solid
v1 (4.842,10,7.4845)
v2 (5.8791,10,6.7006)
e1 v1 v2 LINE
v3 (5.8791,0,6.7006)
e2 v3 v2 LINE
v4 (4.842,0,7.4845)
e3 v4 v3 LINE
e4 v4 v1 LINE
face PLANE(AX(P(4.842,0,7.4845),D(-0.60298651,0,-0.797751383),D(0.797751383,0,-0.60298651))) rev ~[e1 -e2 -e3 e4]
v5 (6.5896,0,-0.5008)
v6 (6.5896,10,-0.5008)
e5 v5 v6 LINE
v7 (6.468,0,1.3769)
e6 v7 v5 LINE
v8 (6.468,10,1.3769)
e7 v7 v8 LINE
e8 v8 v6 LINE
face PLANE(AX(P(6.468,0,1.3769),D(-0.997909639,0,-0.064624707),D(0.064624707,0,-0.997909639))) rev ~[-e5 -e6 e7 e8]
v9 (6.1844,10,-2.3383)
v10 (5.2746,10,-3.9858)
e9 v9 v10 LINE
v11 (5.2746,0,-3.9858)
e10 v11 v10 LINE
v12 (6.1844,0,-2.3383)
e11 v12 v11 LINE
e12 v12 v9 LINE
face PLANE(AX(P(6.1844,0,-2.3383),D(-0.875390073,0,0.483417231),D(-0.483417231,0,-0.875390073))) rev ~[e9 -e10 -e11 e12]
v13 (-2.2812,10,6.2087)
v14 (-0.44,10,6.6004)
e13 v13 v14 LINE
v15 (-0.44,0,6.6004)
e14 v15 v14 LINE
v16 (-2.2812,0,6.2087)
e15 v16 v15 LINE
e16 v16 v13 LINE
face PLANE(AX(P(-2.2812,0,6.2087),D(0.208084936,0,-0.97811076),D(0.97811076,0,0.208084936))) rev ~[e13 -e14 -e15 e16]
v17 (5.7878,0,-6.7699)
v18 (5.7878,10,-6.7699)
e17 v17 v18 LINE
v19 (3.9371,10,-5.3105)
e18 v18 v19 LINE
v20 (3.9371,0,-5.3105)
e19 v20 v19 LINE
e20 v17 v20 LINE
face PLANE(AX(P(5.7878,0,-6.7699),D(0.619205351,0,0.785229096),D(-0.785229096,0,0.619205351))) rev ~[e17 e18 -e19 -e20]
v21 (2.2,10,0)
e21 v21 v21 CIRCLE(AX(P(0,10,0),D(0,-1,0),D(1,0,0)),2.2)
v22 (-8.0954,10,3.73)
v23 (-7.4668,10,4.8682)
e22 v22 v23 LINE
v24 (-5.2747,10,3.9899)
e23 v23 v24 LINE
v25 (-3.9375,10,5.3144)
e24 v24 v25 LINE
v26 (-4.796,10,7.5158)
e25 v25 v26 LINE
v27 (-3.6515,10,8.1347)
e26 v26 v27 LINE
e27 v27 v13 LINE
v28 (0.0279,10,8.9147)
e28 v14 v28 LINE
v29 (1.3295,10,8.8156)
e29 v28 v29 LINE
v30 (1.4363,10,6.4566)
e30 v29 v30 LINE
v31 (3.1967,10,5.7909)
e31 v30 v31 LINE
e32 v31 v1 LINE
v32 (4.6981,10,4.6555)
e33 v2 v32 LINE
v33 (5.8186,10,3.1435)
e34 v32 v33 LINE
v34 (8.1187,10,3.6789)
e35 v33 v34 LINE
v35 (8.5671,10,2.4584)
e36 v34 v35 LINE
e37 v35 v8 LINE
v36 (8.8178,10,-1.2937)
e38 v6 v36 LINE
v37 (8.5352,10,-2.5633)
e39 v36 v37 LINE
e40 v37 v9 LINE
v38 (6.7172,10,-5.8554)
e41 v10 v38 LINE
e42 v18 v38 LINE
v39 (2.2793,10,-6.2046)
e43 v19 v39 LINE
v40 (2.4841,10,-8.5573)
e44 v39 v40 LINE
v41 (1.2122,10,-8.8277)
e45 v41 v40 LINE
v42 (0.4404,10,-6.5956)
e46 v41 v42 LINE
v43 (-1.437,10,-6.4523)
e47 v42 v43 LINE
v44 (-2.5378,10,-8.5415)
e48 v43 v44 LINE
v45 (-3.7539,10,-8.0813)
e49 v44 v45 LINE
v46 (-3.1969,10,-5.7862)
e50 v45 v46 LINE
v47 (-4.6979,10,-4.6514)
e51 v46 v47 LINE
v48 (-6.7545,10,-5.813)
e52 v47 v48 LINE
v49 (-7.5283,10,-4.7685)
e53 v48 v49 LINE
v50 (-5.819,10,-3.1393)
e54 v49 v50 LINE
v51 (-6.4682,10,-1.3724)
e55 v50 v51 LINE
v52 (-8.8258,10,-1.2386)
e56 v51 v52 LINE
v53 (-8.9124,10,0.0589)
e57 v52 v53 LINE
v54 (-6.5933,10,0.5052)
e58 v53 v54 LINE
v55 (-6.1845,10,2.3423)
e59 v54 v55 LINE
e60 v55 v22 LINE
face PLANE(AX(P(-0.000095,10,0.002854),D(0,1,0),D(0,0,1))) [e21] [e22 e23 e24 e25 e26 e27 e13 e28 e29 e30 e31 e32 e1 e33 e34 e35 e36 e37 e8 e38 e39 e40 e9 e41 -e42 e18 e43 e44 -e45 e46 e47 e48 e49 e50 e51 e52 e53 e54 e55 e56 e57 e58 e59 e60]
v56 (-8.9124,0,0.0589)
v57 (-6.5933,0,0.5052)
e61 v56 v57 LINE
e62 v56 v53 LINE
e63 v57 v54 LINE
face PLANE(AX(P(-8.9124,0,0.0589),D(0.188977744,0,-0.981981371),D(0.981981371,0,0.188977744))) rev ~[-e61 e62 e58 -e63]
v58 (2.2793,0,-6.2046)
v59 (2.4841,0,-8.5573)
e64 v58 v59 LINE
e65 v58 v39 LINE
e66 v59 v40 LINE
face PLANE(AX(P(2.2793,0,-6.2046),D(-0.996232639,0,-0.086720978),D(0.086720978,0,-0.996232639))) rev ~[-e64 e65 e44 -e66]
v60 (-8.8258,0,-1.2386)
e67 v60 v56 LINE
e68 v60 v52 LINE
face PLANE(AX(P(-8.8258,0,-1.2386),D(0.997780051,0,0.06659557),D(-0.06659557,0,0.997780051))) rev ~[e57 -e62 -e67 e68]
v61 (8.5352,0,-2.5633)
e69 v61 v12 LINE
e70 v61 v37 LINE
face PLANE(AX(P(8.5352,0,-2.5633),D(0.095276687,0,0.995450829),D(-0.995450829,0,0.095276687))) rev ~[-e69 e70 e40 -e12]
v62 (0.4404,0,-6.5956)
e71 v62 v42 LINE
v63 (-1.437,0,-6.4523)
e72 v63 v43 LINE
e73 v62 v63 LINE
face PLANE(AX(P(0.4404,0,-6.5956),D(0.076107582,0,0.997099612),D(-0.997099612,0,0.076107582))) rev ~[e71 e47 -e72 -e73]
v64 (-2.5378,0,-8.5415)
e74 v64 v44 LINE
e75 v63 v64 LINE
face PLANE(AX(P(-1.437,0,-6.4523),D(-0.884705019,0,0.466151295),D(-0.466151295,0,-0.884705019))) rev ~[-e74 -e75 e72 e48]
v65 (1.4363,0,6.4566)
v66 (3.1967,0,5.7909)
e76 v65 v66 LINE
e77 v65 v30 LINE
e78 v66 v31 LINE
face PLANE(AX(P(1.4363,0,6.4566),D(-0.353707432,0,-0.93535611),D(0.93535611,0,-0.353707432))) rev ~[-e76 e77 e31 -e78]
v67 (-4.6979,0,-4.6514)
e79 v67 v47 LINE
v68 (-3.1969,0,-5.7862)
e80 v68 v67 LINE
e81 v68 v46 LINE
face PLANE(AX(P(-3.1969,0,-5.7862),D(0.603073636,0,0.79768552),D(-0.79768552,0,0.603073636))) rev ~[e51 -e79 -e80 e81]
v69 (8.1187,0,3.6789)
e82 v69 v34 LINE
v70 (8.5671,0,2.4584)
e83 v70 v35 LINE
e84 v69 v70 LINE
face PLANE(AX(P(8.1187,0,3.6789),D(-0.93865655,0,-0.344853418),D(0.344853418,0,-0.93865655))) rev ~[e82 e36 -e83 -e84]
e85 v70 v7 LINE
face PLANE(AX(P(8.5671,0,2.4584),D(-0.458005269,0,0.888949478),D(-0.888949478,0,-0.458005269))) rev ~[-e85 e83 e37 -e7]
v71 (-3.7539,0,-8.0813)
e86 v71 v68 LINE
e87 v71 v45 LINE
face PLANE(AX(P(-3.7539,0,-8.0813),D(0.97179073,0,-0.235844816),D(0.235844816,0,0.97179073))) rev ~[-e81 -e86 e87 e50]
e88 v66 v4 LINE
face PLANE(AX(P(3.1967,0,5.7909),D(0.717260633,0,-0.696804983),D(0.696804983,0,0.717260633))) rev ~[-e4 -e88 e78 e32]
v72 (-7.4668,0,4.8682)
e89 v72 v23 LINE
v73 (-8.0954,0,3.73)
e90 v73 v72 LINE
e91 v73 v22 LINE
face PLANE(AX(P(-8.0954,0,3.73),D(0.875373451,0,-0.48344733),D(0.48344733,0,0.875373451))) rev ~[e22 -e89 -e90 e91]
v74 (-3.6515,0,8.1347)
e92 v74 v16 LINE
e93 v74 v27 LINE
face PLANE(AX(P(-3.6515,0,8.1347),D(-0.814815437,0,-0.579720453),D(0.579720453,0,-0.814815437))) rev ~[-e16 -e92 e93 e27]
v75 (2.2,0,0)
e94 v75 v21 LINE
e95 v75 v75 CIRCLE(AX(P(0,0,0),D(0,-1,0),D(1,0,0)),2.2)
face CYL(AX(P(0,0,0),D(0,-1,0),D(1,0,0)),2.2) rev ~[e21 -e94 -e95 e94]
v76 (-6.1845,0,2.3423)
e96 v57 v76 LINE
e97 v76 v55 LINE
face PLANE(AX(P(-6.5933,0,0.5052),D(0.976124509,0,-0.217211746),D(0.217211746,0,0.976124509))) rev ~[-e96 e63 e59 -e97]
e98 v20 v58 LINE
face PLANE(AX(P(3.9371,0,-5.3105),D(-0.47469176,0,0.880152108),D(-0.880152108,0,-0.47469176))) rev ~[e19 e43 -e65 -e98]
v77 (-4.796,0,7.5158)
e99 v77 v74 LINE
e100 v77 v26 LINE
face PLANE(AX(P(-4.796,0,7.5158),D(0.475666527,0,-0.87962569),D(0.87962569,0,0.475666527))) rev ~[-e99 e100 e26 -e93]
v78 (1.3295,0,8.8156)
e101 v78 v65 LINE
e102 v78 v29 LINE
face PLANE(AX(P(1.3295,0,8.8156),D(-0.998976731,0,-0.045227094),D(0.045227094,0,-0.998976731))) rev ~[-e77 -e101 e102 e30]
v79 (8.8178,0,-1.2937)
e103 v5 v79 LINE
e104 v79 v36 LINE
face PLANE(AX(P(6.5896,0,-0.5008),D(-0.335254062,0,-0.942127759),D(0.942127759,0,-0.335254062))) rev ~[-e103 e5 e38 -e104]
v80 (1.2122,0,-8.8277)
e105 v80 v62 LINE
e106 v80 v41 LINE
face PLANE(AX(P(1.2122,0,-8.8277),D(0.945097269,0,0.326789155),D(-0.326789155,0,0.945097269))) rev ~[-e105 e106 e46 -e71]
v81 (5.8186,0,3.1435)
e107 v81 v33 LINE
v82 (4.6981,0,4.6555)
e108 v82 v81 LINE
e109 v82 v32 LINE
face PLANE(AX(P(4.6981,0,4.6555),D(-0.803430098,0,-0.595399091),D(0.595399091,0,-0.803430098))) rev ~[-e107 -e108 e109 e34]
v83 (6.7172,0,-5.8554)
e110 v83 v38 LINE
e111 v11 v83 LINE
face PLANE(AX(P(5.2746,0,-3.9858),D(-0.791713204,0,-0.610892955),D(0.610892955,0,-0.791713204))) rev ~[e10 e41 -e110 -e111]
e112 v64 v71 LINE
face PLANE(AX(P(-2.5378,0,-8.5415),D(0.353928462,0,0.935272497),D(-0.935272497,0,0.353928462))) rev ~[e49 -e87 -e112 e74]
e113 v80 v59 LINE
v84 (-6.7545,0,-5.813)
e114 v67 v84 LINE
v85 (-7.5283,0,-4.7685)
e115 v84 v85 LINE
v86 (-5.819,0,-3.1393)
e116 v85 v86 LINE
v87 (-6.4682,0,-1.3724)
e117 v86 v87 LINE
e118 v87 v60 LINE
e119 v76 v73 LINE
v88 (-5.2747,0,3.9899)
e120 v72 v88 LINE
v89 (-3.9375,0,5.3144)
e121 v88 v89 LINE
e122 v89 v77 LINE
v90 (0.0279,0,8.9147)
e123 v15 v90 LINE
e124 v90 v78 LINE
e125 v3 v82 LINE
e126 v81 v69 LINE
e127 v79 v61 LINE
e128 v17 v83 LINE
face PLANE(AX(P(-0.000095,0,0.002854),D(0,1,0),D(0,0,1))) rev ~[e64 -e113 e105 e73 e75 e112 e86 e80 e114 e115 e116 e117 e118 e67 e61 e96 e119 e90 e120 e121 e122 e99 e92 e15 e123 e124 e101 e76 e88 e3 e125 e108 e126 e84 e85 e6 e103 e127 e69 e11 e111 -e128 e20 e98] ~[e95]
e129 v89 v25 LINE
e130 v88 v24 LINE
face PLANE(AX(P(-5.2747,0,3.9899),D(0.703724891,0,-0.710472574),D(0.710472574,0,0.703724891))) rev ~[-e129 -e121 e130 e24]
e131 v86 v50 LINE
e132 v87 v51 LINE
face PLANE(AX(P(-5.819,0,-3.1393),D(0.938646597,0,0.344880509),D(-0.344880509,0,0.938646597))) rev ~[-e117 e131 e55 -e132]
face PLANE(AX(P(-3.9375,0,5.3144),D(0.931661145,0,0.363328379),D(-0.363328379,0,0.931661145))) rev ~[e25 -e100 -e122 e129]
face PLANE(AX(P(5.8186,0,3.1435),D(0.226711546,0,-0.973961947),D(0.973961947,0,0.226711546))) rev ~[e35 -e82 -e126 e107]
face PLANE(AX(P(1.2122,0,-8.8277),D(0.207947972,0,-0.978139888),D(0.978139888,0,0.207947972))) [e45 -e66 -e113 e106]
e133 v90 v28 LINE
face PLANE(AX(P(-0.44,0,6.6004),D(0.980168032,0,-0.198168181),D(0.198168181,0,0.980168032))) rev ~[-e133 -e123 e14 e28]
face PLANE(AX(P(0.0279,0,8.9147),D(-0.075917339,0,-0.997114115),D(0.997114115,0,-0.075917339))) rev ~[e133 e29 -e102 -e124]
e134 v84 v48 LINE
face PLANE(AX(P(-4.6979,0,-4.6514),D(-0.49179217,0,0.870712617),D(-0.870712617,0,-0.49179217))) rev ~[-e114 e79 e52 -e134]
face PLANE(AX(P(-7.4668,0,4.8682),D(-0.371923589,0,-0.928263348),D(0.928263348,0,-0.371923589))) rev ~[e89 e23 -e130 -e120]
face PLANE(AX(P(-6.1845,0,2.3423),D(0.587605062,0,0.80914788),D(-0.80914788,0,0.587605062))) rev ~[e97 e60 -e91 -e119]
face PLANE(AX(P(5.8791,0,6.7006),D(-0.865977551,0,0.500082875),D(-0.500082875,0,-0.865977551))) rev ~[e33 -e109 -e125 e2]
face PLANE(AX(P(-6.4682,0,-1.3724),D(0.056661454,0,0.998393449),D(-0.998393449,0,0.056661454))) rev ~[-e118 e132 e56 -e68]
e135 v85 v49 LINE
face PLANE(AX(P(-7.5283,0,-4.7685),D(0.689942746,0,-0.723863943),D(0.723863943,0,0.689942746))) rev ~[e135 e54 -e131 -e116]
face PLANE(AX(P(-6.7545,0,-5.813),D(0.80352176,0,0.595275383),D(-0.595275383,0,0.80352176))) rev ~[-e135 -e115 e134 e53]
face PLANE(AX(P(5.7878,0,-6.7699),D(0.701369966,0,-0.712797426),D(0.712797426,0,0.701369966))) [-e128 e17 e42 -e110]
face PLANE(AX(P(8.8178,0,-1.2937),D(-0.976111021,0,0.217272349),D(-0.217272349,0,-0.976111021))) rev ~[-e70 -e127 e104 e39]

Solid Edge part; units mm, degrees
sketch "Sketch1" plane through (0, 0, 0) normal (0, -1, 0) x (1, 0, 0)
  line L0 (-0.44, 6.6004) -> (0.0279, 8.9147)
  line L1 (0.0279, 8.9147) -> (1.3295, 8.8156)
  line L2 (1.3295, 8.8156) -> (1.4363, 6.4566)
  line L3 (1.4363, 6.4566) -> (3.1967, 5.7909)
  line L4 (3.1967, 5.7909) -> (4.842, 7.4845)
  line L5 (4.842, 7.4845) -> (5.8791, 6.7006)
  line L6 (5.8791, 6.7006) -> (4.6981, 4.6555)
  line L7 (4.6981, 4.6555) -> (5.8186, 3.1435)
  line L8 (5.8186, 3.1435) -> (8.1187, 3.6789)
  line L9 (8.1187, 3.6789) -> (8.5671, 2.4584)
  line L10 (8.5671, 2.4584) -> (6.468, 1.3769)
  line L11 (6.468, 1.3769) -> (6.5896, -0.5008)
  line L12 (6.5896, -0.5008) -> (8.8178, -1.2937)
  line L13 (8.8178, -1.2937) -> (8.5352, -2.5633)
  line L14 (8.5352, -2.5633) -> (6.1844, -2.3383)
  line L15 (6.1844, -2.3383) -> (5.2746, -3.9858)
  line L16 (5.2746, -3.9858) -> (6.7172, -5.8554)
  line L17 (5.7878, -6.7699) -> (6.7172, -5.8554)
  line L18 (5.7878, -6.7699) -> (3.9371, -5.3105)
  line L19 (3.9371, -5.3105) -> (2.2793, -6.2046)
  line L20 (2.2793, -6.2046) -> (2.4841, -8.5573)
  line L21 (1.2122, -8.8277) -> (2.4841, -8.5573)
  line L22 (1.2122, -8.8277) -> (0.4404, -6.5956)
  line L23 (0.4404, -6.5956) -> (-1.437, -6.4523)
  line L24 (-1.437, -6.4523) -> (-2.5378, -8.5415)
  line L25 (-2.5378, -8.5415) -> (-3.7539, -8.0813)
  line L26 (-3.7539, -8.0813) -> (-3.1969, -5.7862)
  line L27 (-3.1969, -5.7862) -> (-4.6979, -4.6514)
  line L28 (-4.6979, -4.6514) -> (-6.7545, -5.813)
  line L29 (-6.7545, -5.813) -> (-7.5283, -4.7685)
  line L30 (-7.5283, -4.7685) -> (-5.819, -3.1393)
  line L31 (-5.819, -3.1393) -> (-6.4682, -1.3724)
  line L32 (-6.4682, -1.3724) -> (-8.8258, -1.2386)
  line L33 (-8.8258, -1.2386) -> (-8.9124, 0.0589)
  line L34 (-8.9124, 0.0589) -> (-6.5933, 0.5052)
  line L35 (-6.5933, 0.5052) -> (-6.1845, 2.3423)
  line L36 (-6.1845, 2.3423) -> (-8.0954, 3.73)
  line L37 (-8.0954, 3.73) -> (-7.4668, 4.8682)
  line L38 (-7.4668, 4.8682) -> (-5.2747, 3.9899)
  line L39 (-5.2747, 3.9899) -> (-3.9375, 5.3144)
  line L40 (-3.9375, 5.3144) -> (-4.796, 7.5158)
  line L41 (-4.796, 7.5158) -> (-3.6515, 8.1347)
  line L42 (-3.6515, 8.1347) -> (-2.2812, 6.2087)
  line L43 (-2.2812, 6.2087) -> (-0.44, 6.6004)
extrude "Protrusion1" add sketch "Sketch1" against normal blind 10
sketch "Sketch2" plane through (0, 0, 0) normal (0, -1, 0) x (1, 0, 0)
  circle A0 centre (0, 0) radius 2.2
extrude "ExtrudedCutout_1" cut sketch "Sketch2" against normal blind 1588.2379
